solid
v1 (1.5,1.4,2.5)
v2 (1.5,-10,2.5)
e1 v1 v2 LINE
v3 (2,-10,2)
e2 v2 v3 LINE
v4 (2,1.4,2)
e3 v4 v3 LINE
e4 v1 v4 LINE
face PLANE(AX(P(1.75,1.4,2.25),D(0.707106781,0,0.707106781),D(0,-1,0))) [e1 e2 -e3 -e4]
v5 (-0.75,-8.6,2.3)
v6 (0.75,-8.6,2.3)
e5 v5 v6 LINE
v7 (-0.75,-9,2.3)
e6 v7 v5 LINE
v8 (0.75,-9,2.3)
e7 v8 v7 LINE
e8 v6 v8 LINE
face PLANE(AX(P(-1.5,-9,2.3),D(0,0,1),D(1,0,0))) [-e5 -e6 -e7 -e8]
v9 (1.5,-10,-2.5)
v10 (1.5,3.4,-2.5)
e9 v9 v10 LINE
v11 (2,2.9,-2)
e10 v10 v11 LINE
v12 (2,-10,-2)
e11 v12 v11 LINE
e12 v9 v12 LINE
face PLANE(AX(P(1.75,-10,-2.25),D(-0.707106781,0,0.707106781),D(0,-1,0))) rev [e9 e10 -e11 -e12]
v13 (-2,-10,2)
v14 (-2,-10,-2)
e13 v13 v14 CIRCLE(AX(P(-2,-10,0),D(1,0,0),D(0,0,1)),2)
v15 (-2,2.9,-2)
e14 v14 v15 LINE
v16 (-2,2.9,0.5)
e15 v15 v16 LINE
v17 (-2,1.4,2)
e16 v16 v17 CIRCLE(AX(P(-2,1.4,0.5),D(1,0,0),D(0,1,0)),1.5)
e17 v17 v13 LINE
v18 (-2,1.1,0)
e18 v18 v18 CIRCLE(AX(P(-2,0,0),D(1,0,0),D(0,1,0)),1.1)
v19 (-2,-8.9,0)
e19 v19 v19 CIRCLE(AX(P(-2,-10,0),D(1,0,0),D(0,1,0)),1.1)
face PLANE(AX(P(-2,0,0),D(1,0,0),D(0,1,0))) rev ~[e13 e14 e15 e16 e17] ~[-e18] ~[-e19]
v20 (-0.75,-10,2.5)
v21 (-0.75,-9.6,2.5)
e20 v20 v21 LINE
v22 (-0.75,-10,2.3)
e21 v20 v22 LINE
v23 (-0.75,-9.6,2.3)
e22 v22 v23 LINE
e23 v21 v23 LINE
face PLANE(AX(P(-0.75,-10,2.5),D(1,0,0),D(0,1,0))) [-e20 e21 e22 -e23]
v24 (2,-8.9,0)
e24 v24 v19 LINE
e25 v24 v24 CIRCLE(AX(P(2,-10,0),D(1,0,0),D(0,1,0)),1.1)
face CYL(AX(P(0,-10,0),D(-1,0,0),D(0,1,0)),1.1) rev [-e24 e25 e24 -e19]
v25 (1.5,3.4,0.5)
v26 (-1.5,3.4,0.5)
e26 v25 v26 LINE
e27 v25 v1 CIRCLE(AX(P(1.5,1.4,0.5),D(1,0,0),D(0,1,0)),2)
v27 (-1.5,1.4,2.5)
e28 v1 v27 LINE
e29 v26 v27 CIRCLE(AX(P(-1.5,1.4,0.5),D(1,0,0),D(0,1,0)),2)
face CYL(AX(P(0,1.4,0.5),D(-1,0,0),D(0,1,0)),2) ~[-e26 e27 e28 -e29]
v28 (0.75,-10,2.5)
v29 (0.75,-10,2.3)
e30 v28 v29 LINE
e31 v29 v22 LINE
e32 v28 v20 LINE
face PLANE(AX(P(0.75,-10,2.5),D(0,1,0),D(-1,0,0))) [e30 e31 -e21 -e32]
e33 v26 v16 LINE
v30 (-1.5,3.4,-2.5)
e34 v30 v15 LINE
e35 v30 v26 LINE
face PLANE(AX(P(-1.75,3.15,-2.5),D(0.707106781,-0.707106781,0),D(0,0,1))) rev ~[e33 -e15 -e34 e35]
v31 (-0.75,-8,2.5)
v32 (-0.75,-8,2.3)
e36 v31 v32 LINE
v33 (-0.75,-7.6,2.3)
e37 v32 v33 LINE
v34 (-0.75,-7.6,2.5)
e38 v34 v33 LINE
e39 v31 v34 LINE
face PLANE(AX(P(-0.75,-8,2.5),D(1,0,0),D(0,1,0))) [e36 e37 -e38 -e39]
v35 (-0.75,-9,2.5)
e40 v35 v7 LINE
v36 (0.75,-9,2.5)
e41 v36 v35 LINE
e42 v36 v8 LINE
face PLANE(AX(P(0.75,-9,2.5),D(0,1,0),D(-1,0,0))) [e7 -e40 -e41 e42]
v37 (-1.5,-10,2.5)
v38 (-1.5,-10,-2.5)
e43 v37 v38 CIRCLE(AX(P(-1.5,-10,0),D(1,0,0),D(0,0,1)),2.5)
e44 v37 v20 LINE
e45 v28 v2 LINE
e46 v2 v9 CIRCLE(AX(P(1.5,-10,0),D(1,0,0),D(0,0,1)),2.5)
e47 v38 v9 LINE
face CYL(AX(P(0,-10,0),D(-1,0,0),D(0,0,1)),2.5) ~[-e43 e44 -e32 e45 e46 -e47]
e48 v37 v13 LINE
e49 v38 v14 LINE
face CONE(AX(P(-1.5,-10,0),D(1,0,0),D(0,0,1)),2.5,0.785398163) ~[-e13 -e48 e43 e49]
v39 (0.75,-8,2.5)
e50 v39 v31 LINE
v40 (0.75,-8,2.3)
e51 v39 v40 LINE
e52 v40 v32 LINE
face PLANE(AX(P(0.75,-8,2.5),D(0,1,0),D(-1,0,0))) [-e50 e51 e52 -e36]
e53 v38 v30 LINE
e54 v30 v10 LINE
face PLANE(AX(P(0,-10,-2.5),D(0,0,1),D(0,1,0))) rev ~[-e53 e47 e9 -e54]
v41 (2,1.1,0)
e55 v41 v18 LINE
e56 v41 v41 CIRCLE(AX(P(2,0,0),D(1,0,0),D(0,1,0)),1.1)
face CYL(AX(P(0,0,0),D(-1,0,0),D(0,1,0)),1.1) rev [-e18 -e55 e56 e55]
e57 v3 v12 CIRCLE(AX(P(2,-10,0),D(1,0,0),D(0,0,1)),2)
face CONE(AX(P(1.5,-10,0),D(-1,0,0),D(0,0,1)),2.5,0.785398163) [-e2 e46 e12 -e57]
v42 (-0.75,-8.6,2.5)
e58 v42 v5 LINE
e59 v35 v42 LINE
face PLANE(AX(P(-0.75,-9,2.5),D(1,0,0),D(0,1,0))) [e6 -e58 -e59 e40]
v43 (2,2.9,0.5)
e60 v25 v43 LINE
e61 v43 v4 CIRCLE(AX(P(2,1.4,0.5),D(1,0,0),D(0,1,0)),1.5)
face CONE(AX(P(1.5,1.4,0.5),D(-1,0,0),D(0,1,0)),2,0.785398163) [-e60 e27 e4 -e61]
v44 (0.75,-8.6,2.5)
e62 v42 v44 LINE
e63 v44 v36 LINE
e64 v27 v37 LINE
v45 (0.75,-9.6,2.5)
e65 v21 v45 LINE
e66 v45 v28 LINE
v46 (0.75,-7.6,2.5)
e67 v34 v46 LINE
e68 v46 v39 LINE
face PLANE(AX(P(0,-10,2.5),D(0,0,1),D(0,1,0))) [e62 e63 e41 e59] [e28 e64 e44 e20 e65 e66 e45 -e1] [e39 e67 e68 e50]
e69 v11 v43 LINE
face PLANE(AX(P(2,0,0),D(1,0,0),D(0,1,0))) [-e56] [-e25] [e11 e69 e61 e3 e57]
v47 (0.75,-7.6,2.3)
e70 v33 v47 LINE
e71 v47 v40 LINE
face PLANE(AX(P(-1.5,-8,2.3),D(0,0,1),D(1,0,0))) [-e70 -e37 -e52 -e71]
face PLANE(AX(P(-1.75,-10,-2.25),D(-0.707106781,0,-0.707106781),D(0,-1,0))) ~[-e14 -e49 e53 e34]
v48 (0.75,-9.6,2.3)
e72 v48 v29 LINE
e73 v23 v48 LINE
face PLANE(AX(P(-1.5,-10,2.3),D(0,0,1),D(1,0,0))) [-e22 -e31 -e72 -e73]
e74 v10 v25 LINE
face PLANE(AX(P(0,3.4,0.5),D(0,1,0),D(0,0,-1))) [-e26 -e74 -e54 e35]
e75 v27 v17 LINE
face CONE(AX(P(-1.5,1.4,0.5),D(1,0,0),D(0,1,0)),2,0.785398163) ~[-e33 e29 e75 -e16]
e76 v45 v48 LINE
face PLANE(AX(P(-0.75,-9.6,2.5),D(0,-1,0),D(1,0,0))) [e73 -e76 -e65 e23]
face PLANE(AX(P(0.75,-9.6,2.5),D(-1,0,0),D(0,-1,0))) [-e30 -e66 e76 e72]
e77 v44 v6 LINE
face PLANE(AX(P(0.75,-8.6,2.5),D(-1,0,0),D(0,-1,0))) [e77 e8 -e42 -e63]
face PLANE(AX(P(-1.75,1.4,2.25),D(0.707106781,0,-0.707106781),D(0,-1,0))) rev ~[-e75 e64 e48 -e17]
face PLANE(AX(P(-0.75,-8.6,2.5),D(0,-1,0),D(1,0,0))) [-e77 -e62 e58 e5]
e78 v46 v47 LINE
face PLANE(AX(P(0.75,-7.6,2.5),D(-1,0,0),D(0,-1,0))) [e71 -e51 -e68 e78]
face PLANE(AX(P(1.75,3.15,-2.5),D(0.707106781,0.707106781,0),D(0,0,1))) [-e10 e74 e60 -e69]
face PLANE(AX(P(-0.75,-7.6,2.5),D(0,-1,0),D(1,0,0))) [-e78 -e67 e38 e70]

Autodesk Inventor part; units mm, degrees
ref_plane "YZ Plane" through (0, 0, 0) normal (1, 0, 0) x (0, 1, 0)
ref_plane "XZ Plane" through (0, 0, 0) normal (0, 1, 0) x (-1, 0, 0)
ref_plane "XY Plane" through (0, 0, 0) normal (0, 0, 1) x (1, 0, 0)
sketch "Skizze1" plane through (0, 0, 0) normal (1, 0, 0) x (0, 1, 0)
  line L0 (0, 0) -> (-10, 0) construction
  circle A0 centre (0, 0) radius 1.1
  circle A1 centre (-10, 0) radius 1.1
  arc A2 (-10, 2.5) -> (-10, -2.5) centre (-10, 0) ccw
  line L1 (-10, -2.5) -> (3.4, -2.5)
  line L2 (-10, 2.5) -> (1.4, 2.5)
  arc A3 (3.4, 0.5) -> (1.4, 2.5) centre (1.4, 0.5) ccw
  line L3 (3.4, 0.5) -> (3.4, -2.5)
  dimension "d0" = 10
  dimension "d1" = 2.2
  dimension "d2" = 2.2
  dimension "d3" = 2.5
  dimension "d8" = 2
  dimension "d9" = 3.4
extrude "Extrusion1" add sketch "Skizze1" along normal mid plane 4
chamfer "Fase1" distance 0.5 angle 45 10 edges at (2, 2.8142, 1.9142) (2, -4.3, 2.5) (2, -12.5, 0) (2, -3.3, -2.5) (2, 3.4, -1) (-2, 2.8142, 1.9142) (-2, -4.3, 2.5) (-2, -12.5, 0) (-2, -3.3, -2.5) (-2, 3.4, -1)
sketch "Skizze4" plane through (-1.5, -10, 2.5) normal (0, 0, 1) x (1, 0, 0)
  line L0 (1.5, 16.58) -> (1.5, -5.68) construction
  line L1 (0, 0) -> (3, 0) construction
  line L2 (0.75, 0.4) -> (2.25, 0.4)
  line L3 (2.25, 0.4) -> (2.25, 0)
  line L4 (2.25, 0) -> (0.75, 0)
  line L5 (0.75, 0) -> (0.75, 0.4)
  line L6 (0.75, 0.4) -> (2.25, 0) construction
  line L7 (2.25, 0.4) -> (0.75, 0) construction
  point P0 (1.5, 10)
  point P1 (1.5, 0.2)
  point P2 (1.5, 0)
  dimension "d23" = 0.4
  dimension "d24" = 1.5
extrude "Extrusion3" cut sketch "Skizze4" against normal blind 0.2
pattern_linear "Rechteckige Anordnung1" count 3 spacing 1 along (0, 1, 0) of "Extrusion3"
equation "\"d2\" = d1"
properties part number "Chipanschlag T1.5"
